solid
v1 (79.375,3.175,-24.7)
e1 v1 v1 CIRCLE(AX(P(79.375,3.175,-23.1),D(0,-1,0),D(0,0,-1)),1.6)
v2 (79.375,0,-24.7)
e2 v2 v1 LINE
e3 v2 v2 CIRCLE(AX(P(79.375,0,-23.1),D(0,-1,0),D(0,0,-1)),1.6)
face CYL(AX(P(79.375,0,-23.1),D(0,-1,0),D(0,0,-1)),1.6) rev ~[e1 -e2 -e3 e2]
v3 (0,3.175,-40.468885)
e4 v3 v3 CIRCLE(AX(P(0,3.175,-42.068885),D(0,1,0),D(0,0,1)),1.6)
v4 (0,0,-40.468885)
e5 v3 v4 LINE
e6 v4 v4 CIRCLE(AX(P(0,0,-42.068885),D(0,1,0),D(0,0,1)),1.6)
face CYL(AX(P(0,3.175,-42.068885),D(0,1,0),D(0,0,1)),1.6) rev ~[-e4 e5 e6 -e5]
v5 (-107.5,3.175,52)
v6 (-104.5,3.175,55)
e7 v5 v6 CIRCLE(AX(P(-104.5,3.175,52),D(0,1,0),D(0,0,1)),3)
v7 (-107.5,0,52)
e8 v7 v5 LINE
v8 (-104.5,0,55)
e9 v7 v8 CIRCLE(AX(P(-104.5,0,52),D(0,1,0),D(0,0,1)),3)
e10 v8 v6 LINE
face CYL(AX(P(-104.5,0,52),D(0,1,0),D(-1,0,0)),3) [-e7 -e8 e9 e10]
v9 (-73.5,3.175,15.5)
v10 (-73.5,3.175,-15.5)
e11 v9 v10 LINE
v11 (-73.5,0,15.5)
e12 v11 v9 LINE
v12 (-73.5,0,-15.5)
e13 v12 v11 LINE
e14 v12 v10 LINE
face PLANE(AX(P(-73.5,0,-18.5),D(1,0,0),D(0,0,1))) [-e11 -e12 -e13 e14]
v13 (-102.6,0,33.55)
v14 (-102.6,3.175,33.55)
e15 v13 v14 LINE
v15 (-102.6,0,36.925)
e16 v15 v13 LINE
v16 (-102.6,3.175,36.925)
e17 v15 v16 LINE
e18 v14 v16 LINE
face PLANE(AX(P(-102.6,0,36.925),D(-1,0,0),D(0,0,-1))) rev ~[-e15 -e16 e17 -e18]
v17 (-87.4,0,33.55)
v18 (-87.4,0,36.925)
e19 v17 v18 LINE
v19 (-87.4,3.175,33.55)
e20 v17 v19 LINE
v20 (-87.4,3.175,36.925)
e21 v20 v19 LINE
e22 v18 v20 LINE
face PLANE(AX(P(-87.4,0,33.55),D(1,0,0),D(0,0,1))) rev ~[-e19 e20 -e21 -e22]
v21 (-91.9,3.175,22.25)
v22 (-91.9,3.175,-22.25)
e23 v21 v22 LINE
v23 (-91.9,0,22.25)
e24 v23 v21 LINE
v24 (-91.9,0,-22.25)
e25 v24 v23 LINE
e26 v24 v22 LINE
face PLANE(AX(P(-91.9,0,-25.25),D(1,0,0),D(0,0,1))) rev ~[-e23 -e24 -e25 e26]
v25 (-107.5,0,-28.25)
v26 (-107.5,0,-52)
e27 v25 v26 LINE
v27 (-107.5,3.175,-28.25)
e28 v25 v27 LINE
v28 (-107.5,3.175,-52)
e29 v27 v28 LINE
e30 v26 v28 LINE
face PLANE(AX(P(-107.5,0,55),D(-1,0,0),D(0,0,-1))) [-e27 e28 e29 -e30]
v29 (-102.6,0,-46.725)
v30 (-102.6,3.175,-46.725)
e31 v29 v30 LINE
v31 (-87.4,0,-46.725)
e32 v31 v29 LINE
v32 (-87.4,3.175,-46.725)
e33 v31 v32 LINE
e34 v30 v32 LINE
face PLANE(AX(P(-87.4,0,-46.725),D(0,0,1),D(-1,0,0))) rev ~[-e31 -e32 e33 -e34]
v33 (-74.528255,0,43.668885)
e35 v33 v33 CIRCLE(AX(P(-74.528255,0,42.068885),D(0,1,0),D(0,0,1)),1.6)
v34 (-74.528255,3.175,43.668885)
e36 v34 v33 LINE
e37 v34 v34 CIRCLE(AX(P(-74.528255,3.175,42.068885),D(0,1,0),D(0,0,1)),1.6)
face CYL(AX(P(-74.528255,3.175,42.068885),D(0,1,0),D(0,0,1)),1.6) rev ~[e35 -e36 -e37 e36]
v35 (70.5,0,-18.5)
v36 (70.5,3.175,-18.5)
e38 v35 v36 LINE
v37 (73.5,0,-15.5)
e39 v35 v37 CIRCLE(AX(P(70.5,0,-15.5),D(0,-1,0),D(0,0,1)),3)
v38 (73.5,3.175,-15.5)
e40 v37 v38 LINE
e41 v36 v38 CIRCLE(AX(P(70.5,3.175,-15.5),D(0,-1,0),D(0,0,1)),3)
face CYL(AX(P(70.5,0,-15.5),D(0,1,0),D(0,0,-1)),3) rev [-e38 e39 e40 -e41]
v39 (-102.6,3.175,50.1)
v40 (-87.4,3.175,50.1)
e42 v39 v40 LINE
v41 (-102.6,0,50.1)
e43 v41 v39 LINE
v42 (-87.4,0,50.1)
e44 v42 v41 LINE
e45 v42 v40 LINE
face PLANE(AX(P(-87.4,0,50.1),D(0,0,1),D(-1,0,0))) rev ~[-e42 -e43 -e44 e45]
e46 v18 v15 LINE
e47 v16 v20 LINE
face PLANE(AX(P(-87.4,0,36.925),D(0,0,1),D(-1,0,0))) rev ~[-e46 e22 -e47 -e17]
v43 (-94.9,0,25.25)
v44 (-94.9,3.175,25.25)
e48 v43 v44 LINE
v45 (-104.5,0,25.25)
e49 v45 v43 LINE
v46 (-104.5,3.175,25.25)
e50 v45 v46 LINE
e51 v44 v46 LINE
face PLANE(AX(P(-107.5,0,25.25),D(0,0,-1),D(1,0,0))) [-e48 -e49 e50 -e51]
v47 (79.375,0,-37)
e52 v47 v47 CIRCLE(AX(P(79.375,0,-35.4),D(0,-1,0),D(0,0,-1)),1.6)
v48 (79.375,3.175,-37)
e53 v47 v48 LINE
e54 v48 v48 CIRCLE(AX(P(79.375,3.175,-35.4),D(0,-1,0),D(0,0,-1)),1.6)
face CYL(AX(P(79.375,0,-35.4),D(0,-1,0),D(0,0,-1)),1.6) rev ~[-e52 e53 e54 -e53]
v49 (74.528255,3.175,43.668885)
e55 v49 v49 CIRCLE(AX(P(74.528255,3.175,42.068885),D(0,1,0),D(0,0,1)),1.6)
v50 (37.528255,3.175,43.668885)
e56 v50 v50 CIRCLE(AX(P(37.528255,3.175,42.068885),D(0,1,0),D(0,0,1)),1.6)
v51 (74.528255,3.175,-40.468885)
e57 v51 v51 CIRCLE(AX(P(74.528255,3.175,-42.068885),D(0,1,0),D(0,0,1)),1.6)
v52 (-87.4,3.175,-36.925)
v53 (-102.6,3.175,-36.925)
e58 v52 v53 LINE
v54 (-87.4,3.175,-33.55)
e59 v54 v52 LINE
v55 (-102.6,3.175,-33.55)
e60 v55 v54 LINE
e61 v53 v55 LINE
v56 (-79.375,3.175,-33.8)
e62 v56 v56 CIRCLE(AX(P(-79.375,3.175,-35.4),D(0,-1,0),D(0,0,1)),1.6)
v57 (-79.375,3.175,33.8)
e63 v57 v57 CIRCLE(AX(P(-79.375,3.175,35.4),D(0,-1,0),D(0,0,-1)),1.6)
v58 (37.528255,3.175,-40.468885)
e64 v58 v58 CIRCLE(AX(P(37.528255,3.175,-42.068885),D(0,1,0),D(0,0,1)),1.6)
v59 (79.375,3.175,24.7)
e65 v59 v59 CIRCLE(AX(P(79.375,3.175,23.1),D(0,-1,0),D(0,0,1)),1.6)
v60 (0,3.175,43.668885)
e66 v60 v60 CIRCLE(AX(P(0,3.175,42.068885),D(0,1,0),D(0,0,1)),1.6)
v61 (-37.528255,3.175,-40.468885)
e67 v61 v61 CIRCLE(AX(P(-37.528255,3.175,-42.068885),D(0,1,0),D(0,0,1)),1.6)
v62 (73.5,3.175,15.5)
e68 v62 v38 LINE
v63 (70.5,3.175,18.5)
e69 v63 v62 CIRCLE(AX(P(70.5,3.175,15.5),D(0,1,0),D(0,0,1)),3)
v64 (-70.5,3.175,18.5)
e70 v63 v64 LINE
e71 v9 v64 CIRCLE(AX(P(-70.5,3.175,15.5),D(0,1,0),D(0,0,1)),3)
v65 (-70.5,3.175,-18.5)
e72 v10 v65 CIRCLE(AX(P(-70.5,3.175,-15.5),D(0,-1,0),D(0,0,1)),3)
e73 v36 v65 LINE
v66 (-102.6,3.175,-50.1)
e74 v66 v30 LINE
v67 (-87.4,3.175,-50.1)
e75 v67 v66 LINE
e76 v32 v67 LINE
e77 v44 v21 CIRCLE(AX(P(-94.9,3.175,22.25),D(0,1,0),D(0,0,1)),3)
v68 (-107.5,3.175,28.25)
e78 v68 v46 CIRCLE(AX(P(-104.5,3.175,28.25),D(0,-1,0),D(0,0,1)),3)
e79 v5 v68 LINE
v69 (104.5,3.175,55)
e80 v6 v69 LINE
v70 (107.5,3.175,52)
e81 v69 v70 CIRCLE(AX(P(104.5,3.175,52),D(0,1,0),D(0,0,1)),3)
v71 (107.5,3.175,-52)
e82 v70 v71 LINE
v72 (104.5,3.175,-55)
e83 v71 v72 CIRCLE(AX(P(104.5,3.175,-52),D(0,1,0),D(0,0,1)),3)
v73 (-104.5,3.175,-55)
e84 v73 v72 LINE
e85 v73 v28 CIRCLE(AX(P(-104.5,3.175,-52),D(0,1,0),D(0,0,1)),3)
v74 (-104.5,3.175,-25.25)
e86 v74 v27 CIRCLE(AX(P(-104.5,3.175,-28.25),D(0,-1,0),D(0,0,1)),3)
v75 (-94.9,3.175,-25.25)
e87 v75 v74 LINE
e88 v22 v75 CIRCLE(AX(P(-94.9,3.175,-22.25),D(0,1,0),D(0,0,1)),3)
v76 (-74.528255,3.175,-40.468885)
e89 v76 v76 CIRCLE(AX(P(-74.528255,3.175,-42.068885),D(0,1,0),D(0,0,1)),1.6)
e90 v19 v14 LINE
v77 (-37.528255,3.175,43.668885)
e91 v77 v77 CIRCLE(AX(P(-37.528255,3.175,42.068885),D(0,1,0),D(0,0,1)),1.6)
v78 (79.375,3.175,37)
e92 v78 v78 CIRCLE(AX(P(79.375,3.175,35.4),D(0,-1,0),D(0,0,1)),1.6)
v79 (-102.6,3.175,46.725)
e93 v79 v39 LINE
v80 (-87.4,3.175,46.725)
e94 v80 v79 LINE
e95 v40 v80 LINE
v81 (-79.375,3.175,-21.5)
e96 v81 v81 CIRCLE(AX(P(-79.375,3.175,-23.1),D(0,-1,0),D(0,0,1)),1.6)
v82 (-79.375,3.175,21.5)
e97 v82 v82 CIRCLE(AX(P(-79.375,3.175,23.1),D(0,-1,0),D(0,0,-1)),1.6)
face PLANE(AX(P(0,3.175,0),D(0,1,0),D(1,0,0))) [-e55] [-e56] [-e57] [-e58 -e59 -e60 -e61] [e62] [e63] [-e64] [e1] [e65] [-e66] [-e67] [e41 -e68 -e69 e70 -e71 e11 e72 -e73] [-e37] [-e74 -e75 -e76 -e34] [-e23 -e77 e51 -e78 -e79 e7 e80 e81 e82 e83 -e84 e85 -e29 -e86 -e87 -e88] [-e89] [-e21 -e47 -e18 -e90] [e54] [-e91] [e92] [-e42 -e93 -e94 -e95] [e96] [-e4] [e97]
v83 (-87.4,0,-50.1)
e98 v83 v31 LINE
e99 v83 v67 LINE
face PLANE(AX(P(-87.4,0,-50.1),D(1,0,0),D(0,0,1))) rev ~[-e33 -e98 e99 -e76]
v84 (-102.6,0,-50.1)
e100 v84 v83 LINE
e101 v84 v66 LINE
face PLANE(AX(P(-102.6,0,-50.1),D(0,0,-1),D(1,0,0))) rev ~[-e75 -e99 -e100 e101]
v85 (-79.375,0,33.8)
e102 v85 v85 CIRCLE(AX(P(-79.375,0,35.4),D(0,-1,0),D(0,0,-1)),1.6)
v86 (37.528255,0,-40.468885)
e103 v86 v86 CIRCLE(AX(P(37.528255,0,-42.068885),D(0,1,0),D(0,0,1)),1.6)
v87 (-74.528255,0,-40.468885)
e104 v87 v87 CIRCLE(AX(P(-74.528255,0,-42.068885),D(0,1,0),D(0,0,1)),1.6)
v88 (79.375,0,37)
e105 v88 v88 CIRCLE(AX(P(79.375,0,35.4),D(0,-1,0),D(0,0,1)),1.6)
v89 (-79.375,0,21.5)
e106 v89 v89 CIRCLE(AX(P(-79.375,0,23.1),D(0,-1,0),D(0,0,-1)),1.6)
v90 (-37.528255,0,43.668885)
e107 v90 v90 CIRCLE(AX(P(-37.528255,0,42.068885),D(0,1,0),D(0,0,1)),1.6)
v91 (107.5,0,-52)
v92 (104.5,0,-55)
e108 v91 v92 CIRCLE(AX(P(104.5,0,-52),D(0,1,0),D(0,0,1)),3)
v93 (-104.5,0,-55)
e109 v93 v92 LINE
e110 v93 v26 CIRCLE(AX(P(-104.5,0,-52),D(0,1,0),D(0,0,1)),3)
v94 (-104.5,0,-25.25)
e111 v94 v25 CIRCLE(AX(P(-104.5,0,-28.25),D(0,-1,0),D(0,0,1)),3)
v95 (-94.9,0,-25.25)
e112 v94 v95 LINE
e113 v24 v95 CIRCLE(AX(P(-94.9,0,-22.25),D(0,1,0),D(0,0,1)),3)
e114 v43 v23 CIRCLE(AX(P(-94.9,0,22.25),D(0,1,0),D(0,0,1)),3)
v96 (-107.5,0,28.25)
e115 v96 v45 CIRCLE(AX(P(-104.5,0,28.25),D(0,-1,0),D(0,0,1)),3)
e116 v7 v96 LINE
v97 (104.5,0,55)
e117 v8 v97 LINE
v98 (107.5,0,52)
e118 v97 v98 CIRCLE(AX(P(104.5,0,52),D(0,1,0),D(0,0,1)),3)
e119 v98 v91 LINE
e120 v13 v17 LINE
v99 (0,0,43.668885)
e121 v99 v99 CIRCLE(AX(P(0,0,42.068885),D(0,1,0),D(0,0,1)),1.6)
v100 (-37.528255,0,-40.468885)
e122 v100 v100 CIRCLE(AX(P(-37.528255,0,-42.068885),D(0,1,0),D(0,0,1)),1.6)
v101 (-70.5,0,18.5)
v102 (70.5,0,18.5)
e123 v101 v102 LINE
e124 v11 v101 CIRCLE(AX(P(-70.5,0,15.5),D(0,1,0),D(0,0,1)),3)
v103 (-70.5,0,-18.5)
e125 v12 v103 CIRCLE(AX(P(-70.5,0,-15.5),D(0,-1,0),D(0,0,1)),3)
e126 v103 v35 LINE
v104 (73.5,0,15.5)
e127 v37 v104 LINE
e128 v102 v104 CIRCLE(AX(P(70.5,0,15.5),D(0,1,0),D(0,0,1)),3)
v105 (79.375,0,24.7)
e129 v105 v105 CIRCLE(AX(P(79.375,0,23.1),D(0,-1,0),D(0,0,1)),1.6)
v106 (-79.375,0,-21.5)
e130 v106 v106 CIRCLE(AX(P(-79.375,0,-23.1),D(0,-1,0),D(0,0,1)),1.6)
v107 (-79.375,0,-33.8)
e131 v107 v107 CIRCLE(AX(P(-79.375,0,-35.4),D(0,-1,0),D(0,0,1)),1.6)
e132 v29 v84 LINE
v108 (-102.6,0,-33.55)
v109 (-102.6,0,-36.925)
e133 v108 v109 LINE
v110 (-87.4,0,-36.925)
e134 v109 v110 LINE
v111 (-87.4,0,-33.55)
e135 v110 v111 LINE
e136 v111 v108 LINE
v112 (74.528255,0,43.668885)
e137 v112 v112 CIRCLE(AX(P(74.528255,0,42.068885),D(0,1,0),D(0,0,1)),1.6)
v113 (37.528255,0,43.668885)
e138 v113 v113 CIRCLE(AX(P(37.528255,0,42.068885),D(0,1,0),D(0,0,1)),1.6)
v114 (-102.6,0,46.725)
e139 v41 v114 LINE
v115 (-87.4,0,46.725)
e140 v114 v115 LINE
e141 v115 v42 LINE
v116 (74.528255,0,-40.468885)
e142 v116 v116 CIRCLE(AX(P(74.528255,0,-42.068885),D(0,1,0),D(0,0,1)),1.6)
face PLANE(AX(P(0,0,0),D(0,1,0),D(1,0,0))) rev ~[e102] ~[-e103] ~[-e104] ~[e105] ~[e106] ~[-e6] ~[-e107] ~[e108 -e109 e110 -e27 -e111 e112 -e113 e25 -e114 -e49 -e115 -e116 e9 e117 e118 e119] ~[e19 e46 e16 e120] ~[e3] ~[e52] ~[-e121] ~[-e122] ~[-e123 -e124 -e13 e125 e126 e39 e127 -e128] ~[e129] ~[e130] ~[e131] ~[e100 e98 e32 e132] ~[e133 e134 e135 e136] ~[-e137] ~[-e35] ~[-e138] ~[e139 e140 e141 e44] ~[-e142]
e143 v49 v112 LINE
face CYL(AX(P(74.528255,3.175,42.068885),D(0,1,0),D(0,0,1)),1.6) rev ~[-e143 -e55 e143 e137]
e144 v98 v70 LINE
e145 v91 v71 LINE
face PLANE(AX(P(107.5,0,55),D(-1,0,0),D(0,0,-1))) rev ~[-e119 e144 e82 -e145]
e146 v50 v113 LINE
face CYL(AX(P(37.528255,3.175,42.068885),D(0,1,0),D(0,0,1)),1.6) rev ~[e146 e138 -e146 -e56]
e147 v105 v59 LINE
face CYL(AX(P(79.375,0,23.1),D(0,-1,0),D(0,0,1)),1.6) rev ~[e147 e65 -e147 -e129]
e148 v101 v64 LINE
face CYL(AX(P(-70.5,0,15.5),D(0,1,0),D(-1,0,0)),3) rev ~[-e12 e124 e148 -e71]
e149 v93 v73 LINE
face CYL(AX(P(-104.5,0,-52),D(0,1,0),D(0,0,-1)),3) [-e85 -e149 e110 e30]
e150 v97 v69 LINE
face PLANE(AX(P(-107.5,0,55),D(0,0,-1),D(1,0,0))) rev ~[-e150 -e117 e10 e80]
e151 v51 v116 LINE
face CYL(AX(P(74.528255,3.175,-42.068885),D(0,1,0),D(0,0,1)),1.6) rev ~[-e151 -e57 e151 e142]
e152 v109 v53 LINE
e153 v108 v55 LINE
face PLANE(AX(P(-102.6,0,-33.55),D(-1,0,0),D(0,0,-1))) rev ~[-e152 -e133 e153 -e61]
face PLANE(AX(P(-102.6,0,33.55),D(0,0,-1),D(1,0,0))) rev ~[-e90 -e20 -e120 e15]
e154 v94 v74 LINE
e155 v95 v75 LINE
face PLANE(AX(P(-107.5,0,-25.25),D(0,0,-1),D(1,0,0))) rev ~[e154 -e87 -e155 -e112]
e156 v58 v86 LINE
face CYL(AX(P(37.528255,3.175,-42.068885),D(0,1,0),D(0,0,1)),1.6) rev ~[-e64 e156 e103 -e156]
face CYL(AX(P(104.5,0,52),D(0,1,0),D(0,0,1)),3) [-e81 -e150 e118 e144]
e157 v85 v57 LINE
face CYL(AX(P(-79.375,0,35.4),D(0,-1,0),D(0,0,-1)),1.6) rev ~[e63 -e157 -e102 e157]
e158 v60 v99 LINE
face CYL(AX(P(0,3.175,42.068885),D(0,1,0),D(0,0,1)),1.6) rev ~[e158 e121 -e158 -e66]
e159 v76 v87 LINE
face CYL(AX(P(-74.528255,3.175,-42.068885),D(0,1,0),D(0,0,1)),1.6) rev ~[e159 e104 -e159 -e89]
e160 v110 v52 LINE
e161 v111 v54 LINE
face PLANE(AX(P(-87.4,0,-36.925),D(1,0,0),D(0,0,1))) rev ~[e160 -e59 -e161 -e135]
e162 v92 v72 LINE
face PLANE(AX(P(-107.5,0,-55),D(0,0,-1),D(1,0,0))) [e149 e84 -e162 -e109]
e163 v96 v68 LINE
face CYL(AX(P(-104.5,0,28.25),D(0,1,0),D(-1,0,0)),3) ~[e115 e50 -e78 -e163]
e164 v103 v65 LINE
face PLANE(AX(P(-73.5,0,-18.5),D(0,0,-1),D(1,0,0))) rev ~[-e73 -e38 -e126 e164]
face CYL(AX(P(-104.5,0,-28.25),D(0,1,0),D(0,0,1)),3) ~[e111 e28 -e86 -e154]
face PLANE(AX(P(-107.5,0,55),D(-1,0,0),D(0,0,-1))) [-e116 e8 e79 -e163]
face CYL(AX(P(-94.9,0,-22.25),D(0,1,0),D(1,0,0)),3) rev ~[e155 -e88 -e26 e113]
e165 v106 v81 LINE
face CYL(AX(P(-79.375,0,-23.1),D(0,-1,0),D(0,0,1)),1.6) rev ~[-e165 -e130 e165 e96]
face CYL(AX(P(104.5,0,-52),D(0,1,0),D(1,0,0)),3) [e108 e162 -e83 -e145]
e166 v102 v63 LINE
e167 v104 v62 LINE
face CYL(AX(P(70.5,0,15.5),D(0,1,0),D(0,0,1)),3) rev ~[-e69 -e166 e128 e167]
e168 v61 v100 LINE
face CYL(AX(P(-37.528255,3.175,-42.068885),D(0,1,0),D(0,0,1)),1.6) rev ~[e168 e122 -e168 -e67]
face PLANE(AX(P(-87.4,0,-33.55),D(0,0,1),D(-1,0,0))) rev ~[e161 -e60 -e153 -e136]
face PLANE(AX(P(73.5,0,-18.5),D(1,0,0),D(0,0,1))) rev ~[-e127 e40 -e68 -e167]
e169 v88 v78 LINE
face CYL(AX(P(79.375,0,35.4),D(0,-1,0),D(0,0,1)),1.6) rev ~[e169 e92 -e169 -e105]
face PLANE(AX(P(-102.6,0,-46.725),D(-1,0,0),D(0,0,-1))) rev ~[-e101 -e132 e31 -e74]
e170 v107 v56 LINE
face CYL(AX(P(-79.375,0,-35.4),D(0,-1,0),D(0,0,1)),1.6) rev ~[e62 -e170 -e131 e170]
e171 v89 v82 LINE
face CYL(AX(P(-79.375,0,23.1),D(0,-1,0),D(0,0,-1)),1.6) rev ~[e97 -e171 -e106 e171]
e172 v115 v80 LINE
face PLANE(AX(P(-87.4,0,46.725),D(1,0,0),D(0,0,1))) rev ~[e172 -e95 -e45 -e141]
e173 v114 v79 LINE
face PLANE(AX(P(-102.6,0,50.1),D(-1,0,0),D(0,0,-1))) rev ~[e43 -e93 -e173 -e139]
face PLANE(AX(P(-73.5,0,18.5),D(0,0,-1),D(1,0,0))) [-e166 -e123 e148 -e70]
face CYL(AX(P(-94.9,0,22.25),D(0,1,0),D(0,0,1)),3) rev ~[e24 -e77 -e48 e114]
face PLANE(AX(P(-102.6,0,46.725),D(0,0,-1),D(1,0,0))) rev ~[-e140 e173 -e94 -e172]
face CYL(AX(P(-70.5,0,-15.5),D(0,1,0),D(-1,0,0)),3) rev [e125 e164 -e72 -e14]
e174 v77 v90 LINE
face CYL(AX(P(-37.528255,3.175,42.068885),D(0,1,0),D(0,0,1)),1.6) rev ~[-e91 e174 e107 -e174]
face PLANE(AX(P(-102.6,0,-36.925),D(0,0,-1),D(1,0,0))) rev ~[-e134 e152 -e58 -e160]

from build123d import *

# Parameters (mm, degrees)
SKETCH1_W           = 215
SKETCH1_H           = 110
BOSS_EXTRUDE1_DEPTH = 3.175
SKETCH2_W           = 147
SKETCH2_H           = 37
CUT_EXTRUDE1_DEPTH  = 121.79458028
SKETCH3_W           = 15.6
SKETCH3_H           = 50.5
CUT_EXTRUDE2_DEPTH  = 121.79458028
SKETCH5_R           = 1.6
CUT_EXTRUDE4_DEPTH  = 121.79458028
SKETCH6_R           = 1.6
CUT_EXTRUDE5_DEPTH  = 121.79458028
FILLET1_R           = 3
CUT_EXTRUDE6_DEPTH  = 121.79458028


with BuildPart() as part:
    # Sketch1 → Boss-Extrude1 (new body)
    with BuildSketch(Plane(origin=(0, 0, 0), x_dir=(1, 0, 0), z_dir=(0, 1, 0))):
        Rectangle(SKETCH1_W, SKETCH1_H)
    extrude(amount=BOSS_EXTRUDE1_DEPTH)

    # Sketch2 → Cut-Extrude1 (cut, through all)
    with BuildSketch(Plane.XZ):
        Rectangle(SKETCH2_W, SKETCH2_H)
    extrude(amount=-CUT_EXTRUDE1_DEPTH, mode=Mode.SUBTRACT)

    # Sketch3 → Cut-Extrude2 (cut, through all)
    with BuildSketch(Plane.XZ):
        with Locations((-99.7, 0)):
            Rectangle(SKETCH3_W, SKETCH3_H)
    extrude(amount=-CUT_EXTRUDE2_DEPTH, mode=Mode.SUBTRACT)

    # Sketch5 → Cut-Extrude4 (cut, through all)
    with BuildSketch(Plane.XZ):
        with Locations(Location((-79.375, 23.1, 0), (0, 0, 270))):
            Circle(SKETCH5_R)
        with Locations(Location((-79.375, -23.1, 0), (0, 0, 90))):
            Circle(SKETCH5_R)
        with Locations(Location((79.375, -23.1, 0), (0, 0, 270))):
            Circle(SKETCH5_R)
        with Locations(Location((79.375, 23.1, 0), (0, 0, 90))):
            Circle(SKETCH5_R)
        with Locations(Location((-79.375, 35.4, 0), (0, 0, 270))):
            Circle(SKETCH5_R)
        with Locations(Location((-79.375, -35.4, 0), (0, 0, 90))):
            Circle(SKETCH5_R)
        with Locations(Location((79.375, 35.4, 0), (0, 0, 90))):
            Circle(SKETCH5_R)
        with Locations(Location((79.375, -35.4, 0), (0, 0, 270))):
            Circle(SKETCH5_R)
    extrude(amount=-CUT_EXTRUDE4_DEPTH, mode=Mode.SUBTRACT)

    # Sketch6 → Cut-Extrude5 (cut, through all)
    with BuildSketch(Plane(origin=(0, 3.175, 0), x_dir=(1, 0, 0), z_dir=(0, 1, 0))):
        with Locations(Location((37.528255169, 42.068885296, 0), (0, 0, 270))):
            Circle(SKETCH6_R)
        with Locations(Location((0, 42.068885296, 0), (0, 0, 270))):
            Circle(SKETCH6_R)
        with Locations(Location((-37.528255169, 42.068885296, 0), (0, 0, 270))):
            Circle(SKETCH6_R)
        with Locations(Location((-74.528255169, 42.068885296, 0), (0, 0, 270))):
            Circle(SKETCH6_R)
        with Locations(Location((74.528255169, -42.068885296, 0), (0, 0, 270))):
            Circle(SKETCH6_R)
        with Locations(Location((37.528255169, -42.068885296, 0), (0, 0, 270))):
            Circle(SKETCH6_R)
        with Locations(Location((0, -42.068885296, 0), (0, 0, 270))):
            Circle(SKETCH6_R)
        with Locations(Location((-37.528255169, -42.068885296, 0), (0, 0, 270))):
            Circle(SKETCH6_R)
        with Locations(Location((-74.528255169, -42.068885296, 0), (0, 0, 270))):
            Circle(SKETCH6_R)
        with Locations(Location((74.528255169, 42.068885296, 0), (0, 0, 270))):
            Circle(SKETCH6_R)
    extrude(amount=-CUT_EXTRUDE5_DEPTH, mode=Mode.SUBTRACT)

    # Fillet1
    fillet1_edges = [part.edges().sort_by_distance(p)[0] for p in [
        (-73.5, 1.5875, -18.5),
        (-73.5, 1.5875, 18.5),
        (73.5, 1.5875, 18.5),
        (73.5, 1.5875, -18.5),
        (-107.5, 1.5875, -25.25),
        (-107.5, 1.5875, 25.25),
        (-91.9, 1.5875, 25.25),
        (-91.9, 1.5875, -25.25),
        (-107.5, 1.5875, -55),
        (107.5, 1.5875, -55),
        (107.5, 1.5875, 55),
        (-107.5, 1.5875, 55),
    ]]
    fillet(fillet1_edges, radius=FILLET1_R)

    # Sketch7 → Cut-Extrude6 (cut, through all)
    with BuildSketch(Plane.XZ):
        Polygon((-87.4, -46.725), (-88.5, -46.725), (-101.5, -46.725), (-102.6, -46.725), (-102.6, -50.1), (-101.5, -50.1), (-88.5, -50.1), (-87.4, -50.1), align=None)
        Polygon((-101.5, -33.55), (-102.6, -33.55), (-102.6, -36.925), (-101.5, -36.925), (-88.5, -36.925), (-87.4, -36.925), (-87.4, -33.55), (-88.5, -33.55), align=None)
        Polygon((-87.4, 50.1), (-88.5, 50.1), (-101.5, 50.1), (-102.6, 50.1), (-102.6, 46.725), (-101.5, 46.725), (-88.5, 46.725), (-87.4, 46.725), align=None)
        Polygon((-101.5, 36.925), (-102.6, 36.925), (-102.6, 33.55), (-101.5, 33.55), (-88.5, 33.55), (-87.4, 33.55), (-87.4, 36.925), (-88.5, 36.925), align=None)
    extrude(amount=-CUT_EXTRUDE6_DEPTH, mode=Mode.SUBTRACT)


solid = part.part
